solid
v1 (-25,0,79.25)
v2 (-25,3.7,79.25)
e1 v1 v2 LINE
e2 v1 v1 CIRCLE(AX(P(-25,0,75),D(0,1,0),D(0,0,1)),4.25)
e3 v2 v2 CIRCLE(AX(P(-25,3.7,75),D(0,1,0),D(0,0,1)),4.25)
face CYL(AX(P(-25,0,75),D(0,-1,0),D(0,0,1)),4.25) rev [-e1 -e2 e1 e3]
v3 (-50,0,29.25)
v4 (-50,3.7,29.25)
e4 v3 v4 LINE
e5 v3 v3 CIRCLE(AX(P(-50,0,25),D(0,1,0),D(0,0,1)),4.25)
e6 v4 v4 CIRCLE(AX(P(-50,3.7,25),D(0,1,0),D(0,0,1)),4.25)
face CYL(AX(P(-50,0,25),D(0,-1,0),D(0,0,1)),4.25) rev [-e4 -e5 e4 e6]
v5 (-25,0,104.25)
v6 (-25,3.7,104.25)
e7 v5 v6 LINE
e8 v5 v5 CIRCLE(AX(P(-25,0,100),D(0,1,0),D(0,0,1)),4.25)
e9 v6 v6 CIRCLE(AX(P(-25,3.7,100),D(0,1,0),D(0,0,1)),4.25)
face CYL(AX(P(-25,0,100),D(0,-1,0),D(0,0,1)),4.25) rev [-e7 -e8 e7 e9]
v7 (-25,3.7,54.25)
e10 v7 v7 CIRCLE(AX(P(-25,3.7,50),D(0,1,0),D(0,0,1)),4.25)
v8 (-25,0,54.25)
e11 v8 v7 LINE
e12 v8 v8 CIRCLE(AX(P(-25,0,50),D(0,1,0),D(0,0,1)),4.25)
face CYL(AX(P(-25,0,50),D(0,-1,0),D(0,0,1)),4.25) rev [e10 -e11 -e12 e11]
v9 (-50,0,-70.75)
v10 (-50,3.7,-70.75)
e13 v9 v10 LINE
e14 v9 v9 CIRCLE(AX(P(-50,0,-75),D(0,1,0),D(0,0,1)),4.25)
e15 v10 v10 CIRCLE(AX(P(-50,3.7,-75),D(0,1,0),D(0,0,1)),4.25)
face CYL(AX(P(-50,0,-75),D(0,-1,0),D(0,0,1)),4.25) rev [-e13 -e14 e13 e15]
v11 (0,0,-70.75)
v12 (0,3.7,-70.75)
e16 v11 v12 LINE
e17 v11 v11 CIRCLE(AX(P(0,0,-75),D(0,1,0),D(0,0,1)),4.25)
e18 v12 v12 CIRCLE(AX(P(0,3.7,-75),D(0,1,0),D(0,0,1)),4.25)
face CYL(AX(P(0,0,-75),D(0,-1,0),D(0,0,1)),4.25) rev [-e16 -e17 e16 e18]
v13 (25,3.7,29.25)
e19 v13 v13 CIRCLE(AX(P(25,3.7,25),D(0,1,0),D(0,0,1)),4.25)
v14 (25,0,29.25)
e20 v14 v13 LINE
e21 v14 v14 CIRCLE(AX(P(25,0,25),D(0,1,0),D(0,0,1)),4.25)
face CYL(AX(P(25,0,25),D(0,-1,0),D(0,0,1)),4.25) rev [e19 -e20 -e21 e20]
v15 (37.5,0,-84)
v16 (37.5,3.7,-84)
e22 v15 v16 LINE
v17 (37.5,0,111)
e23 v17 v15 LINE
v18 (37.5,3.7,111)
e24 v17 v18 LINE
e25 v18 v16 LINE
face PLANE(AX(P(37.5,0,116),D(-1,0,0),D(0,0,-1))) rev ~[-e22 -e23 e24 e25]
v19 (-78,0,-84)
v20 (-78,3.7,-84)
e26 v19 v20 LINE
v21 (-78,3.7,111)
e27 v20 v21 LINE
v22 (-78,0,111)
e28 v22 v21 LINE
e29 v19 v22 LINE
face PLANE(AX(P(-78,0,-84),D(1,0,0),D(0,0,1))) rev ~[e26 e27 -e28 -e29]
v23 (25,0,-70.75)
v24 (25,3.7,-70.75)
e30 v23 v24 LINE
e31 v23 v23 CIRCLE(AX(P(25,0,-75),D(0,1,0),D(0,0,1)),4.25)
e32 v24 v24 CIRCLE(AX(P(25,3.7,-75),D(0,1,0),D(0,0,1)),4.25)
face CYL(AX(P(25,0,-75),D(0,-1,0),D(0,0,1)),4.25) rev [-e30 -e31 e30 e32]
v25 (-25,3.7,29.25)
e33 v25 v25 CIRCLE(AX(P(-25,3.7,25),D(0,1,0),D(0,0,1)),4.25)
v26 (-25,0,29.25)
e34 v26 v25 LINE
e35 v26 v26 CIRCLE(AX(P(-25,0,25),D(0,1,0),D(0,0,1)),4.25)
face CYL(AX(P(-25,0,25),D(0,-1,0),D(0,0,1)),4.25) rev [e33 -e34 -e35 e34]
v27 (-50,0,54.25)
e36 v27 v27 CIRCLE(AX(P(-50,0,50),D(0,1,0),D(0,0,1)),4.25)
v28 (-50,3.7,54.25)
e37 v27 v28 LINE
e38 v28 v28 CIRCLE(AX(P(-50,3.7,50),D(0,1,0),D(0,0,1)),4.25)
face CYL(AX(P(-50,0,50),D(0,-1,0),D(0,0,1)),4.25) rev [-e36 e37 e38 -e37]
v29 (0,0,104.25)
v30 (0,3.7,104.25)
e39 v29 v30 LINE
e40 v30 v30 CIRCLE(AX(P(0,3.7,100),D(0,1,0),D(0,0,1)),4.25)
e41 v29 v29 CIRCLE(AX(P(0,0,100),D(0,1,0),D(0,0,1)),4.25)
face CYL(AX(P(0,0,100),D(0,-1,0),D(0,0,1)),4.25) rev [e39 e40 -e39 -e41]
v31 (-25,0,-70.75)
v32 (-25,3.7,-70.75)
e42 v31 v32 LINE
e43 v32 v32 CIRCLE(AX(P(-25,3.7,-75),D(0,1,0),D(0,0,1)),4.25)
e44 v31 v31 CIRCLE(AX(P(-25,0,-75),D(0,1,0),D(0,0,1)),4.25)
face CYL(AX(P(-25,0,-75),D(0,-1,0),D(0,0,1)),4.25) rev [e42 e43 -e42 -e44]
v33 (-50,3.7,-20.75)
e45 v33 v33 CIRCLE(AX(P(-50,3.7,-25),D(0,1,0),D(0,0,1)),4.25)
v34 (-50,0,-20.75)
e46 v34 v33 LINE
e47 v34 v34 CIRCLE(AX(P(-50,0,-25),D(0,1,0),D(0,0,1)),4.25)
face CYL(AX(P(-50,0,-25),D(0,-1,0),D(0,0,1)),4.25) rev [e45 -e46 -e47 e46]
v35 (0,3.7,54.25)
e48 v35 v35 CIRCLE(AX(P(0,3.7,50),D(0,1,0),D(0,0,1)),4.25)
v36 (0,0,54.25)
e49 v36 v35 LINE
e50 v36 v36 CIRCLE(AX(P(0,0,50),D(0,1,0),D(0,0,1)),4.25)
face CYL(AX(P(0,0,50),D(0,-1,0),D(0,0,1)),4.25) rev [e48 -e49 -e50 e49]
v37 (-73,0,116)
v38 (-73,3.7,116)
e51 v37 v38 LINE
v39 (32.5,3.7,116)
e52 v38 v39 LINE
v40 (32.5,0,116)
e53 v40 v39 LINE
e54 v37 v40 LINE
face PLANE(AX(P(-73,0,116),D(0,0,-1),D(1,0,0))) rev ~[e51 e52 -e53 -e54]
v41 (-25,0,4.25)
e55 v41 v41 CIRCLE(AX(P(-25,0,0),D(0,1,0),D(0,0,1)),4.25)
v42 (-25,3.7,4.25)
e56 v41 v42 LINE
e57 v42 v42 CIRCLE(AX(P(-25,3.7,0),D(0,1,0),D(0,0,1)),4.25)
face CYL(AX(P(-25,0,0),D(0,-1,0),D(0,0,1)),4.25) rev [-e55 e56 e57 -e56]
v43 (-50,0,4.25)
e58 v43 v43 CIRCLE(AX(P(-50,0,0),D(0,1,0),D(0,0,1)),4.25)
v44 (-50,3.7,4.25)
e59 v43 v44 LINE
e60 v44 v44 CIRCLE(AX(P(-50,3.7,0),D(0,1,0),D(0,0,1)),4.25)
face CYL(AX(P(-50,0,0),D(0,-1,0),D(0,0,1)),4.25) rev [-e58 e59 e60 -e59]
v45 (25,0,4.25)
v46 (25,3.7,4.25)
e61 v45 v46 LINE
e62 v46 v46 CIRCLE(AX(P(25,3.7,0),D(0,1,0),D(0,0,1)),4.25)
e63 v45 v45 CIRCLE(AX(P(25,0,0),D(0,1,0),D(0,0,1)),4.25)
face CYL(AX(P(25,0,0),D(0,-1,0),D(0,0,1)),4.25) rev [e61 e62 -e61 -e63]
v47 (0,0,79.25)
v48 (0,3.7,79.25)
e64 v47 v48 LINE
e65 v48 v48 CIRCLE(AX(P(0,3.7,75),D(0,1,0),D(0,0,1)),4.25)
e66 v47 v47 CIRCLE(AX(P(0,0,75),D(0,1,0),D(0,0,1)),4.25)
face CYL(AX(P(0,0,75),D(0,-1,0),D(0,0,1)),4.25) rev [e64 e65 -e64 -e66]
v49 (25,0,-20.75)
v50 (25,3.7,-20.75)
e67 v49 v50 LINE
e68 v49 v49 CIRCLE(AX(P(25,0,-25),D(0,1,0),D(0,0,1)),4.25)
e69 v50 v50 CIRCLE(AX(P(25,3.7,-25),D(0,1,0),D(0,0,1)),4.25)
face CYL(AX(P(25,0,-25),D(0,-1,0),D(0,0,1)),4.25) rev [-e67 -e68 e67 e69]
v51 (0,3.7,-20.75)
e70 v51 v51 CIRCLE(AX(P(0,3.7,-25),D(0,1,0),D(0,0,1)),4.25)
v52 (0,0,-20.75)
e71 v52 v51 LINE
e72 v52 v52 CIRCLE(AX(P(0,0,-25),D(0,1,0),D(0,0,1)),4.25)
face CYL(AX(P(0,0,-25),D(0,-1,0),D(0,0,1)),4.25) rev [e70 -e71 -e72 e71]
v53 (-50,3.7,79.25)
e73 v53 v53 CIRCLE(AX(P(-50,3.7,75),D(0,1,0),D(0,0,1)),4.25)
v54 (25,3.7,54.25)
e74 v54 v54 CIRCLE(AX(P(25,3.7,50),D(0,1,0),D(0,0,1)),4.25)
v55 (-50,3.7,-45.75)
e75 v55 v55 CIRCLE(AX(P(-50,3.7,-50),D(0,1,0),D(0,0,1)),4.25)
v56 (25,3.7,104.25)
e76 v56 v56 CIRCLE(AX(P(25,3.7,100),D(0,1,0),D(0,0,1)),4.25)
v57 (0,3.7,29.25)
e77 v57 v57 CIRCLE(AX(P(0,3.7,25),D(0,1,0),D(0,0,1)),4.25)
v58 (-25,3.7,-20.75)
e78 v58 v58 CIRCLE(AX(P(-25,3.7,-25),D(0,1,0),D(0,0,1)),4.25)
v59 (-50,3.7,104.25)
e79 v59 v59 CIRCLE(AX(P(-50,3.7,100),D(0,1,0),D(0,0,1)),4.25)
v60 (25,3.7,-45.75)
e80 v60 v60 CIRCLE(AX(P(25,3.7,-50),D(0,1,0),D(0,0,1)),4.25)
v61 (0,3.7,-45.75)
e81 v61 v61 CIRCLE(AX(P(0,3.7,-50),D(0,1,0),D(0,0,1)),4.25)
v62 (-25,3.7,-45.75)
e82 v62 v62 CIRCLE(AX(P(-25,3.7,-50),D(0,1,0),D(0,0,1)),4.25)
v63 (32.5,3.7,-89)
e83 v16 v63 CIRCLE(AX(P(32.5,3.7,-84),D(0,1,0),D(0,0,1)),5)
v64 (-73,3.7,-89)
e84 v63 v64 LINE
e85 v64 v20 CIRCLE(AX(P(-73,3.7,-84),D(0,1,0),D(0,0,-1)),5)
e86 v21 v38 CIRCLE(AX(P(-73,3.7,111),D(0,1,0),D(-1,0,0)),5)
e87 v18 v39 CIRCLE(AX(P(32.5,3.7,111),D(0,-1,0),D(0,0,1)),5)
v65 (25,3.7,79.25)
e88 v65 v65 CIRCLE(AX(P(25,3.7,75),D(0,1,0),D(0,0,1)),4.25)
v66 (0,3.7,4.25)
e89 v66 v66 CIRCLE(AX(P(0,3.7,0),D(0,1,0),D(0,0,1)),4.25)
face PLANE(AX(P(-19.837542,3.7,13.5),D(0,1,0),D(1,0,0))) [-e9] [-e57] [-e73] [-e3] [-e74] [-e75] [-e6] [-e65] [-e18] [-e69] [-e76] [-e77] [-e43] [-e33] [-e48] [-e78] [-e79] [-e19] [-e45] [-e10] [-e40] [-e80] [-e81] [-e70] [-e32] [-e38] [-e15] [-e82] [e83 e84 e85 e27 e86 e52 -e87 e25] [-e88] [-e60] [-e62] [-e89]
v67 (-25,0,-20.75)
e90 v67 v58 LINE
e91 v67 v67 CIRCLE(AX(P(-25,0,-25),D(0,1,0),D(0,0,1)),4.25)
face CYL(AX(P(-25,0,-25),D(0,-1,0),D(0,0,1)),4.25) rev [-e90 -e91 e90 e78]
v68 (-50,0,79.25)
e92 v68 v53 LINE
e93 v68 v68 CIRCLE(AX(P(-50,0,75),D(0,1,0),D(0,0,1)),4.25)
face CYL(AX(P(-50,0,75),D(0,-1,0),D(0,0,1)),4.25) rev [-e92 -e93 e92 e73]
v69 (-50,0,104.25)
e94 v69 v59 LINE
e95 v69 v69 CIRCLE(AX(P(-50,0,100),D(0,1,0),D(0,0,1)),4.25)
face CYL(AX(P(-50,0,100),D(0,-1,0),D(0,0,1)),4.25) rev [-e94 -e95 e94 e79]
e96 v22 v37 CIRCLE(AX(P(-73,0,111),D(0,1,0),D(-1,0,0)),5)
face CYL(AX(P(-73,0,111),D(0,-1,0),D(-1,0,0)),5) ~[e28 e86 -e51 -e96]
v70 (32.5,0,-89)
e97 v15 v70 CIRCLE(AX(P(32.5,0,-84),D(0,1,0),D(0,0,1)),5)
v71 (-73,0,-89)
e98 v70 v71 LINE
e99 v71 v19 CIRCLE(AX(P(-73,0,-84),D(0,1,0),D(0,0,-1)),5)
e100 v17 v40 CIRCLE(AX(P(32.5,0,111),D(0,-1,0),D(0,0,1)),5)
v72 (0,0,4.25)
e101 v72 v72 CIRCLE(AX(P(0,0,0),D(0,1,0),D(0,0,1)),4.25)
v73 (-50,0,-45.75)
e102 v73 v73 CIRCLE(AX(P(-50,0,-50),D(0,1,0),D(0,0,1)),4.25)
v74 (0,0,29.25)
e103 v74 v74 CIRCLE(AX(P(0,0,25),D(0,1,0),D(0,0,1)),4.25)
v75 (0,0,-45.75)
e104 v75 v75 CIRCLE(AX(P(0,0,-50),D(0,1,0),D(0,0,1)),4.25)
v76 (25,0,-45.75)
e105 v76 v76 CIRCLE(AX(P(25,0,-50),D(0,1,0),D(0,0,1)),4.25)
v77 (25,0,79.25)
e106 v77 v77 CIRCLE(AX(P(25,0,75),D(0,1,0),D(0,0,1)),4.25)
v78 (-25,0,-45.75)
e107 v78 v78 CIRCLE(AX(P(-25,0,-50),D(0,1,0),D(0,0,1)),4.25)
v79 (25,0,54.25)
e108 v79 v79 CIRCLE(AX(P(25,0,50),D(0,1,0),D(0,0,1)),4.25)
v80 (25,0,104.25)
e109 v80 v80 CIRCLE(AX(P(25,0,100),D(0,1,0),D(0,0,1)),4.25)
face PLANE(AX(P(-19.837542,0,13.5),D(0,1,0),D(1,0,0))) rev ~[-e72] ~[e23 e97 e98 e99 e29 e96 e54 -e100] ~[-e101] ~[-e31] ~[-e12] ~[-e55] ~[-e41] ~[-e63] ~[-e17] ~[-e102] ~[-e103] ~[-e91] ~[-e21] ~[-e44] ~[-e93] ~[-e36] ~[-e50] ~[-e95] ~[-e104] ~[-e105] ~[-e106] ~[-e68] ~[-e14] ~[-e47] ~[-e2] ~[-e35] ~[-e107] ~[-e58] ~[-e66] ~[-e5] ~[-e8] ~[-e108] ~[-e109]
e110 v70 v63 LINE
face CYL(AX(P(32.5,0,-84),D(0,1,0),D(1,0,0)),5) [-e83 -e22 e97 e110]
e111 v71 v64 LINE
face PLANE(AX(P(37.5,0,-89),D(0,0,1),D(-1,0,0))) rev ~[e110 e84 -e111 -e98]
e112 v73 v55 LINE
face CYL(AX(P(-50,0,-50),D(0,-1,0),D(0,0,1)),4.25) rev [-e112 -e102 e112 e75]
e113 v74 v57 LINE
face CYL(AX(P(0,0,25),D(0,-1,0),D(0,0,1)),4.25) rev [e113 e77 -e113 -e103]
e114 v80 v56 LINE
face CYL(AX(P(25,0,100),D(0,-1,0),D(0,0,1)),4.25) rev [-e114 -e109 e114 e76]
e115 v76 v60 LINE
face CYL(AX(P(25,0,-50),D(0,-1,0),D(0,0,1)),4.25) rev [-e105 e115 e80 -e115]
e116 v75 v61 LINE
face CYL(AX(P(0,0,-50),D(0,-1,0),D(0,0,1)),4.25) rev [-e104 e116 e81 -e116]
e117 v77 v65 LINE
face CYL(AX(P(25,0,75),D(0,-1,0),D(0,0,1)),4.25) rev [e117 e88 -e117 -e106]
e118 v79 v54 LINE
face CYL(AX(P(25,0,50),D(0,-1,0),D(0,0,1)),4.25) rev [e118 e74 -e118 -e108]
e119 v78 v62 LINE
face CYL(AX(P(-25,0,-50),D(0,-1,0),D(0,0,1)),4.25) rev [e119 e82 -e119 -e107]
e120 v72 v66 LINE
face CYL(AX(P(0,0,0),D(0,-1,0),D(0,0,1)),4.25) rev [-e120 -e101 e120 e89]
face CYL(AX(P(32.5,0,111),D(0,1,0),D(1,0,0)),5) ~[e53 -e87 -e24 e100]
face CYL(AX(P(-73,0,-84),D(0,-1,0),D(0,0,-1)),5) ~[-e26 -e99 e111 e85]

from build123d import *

# Parameters (mm, degrees)
SKETCH1_R           = 4.25
BOSS_EXTRUDE1_DEPTH = 3.7
FILLET1_R           = 5


with BuildPart() as part:
    # Sketch1 → Boss-Extrude1 (new body)
    with BuildSketch(Plane(origin=(0, 0, 0), x_dir=(1, 0, 0), z_dir=(0, 1, 0))):
        with BuildLine():
            Line((37.5, -116), (37.5, 89))
            Line((37.5, 89), (-73, 89))
            ThreePointArc((-73, 89), (-76.535533906, 87.535533906), (-78, 84))
            Line((-78, 84), (-78, -111))
            ThreePointArc((-78, -111), (-76.535533906, -114.535533906), (-73, -116))
            Line((-73, -116), (37.5, -116))
        make_face()
        with Locations(Location((-50, -100, 0), (0, 0, 270))):
            Circle(SKETCH1_R, mode=Mode.SUBTRACT)
        with Locations(Location((-50, -75, 0), (0, 0, 270))):
            Circle(SKETCH1_R, mode=Mode.SUBTRACT)
        with Locations(Location((-25, -100, 0), (0, 0, 270))):
            Circle(SKETCH1_R, mode=Mode.SUBTRACT)
        with Locations(Location((-25, -75, 0), (0, 0, 270))):
            Circle(SKETCH1_R, mode=Mode.SUBTRACT)
        with Locations(Location((0, -100, 0), (0, 0, 270))):
            Circle(SKETCH1_R, mode=Mode.SUBTRACT)
        with Locations(Location((0, -75, 0), (0, 0, 270))):
            Circle(SKETCH1_R, mode=Mode.SUBTRACT)
        with Locations(Location((-50, -50, 0), (0, 0, 270))):
            Circle(SKETCH1_R, mode=Mode.SUBTRACT)
        with Locations(Location((-50, -25, 0), (0, 0, 270))):
            Circle(SKETCH1_R, mode=Mode.SUBTRACT)
        with Locations(Location((-25, -50, 0), (0, 0, 270))):
            Circle(SKETCH1_R, mode=Mode.SUBTRACT)
        with Locations(Location((0, -50, 0), (0, 0, 270))):
            Circle(SKETCH1_R, mode=Mode.SUBTRACT)
        with Locations(Location((-25, -25, 0), (0, 0, 270))):
            Circle(SKETCH1_R, mode=Mode.SUBTRACT)
        with Locations(Location((0, -25, 0), (0, 0, 270))):
            Circle(SKETCH1_R, mode=Mode.SUBTRACT)
        with Locations(Location((25, -100, 0), (0, 0, 270))):
            Circle(SKETCH1_R, mode=Mode.SUBTRACT)
        with Locations(Location((25, -75, 0), (0, 0, 270))):
            Circle(SKETCH1_R, mode=Mode.SUBTRACT)
        with Locations(Location((25, -50, 0), (0, 0, 270))):
            Circle(SKETCH1_R, mode=Mode.SUBTRACT)
        with Locations(Location((25, -25, 0), (0, 0, 270))):
            Circle(SKETCH1_R, mode=Mode.SUBTRACT)
        with Locations(Location((-50, 0, 0), (0, 0, 270))):
            Circle(SKETCH1_R, mode=Mode.SUBTRACT)
        with Locations(Location((-50, 25, 0), (0, 0, 270))):
            Circle(SKETCH1_R, mode=Mode.SUBTRACT)
        with Locations(Location((-25, 0, 0), (0, 0, 270))):
            Circle(SKETCH1_R, mode=Mode.SUBTRACT)
        with Locations(Location((0, 0, 0), (0, 0, 270))):
            Circle(SKETCH1_R, mode=Mode.SUBTRACT)
        with Locations(Location((-25, 25, 0), (0, 0, 270))):
            Circle(SKETCH1_R, mode=Mode.SUBTRACT)
        with Locations(Location((0, 25, 0), (0, 0, 270))):
            Circle(SKETCH1_R, mode=Mode.SUBTRACT)
        with Locations(Location((-50, 50, 0), (0, 0, 270))):
            Circle(SKETCH1_R, mode=Mode.SUBTRACT)
        with Locations(Location((-50, 75, 0), (0, 0, 270))):
            Circle(SKETCH1_R, mode=Mode.SUBTRACT)
        with Locations(Location((-25, 50, 0), (0, 0, 270))):
            Circle(SKETCH1_R, mode=Mode.SUBTRACT)
        with Locations(Location((-25, 75, 0), (0, 0, 270))):
            Circle(SKETCH1_R, mode=Mode.SUBTRACT)
        with Locations(Location((0, 50, 0), (0, 0, 270))):
            Circle(SKETCH1_R, mode=Mode.SUBTRACT)
        with Locations(Location((0, 75, 0), (0, 0, 270))):
            Circle(SKETCH1_R, mode=Mode.SUBTRACT)
        with Locations(Location((25, 0, 0), (0, 0, 270))):
            Circle(SKETCH1_R, mode=Mode.SUBTRACT)
        with Locations(Location((25, 25, 0), (0, 0, 270))):
            Circle(SKETCH1_R, mode=Mode.SUBTRACT)
        with Locations(Location((25, 50, 0), (0, 0, 270))):
            Circle(SKETCH1_R, mode=Mode.SUBTRACT)
        with Locations(Location((25, 75, 0), (0, 0, 270))):
            Circle(SKETCH1_R, mode=Mode.SUBTRACT)
    extrude(amount=BOSS_EXTRUDE1_DEPTH)

    # Fillet1
    fillet1_edges = [part.edges().sort_by_distance(p)[0] for p in [
        (37.5, 1.85, -89),
        (37.5, 1.85, 116),
    ]]
    fillet(fillet1_edges, radius=FILLET1_R)


solid = part.part
